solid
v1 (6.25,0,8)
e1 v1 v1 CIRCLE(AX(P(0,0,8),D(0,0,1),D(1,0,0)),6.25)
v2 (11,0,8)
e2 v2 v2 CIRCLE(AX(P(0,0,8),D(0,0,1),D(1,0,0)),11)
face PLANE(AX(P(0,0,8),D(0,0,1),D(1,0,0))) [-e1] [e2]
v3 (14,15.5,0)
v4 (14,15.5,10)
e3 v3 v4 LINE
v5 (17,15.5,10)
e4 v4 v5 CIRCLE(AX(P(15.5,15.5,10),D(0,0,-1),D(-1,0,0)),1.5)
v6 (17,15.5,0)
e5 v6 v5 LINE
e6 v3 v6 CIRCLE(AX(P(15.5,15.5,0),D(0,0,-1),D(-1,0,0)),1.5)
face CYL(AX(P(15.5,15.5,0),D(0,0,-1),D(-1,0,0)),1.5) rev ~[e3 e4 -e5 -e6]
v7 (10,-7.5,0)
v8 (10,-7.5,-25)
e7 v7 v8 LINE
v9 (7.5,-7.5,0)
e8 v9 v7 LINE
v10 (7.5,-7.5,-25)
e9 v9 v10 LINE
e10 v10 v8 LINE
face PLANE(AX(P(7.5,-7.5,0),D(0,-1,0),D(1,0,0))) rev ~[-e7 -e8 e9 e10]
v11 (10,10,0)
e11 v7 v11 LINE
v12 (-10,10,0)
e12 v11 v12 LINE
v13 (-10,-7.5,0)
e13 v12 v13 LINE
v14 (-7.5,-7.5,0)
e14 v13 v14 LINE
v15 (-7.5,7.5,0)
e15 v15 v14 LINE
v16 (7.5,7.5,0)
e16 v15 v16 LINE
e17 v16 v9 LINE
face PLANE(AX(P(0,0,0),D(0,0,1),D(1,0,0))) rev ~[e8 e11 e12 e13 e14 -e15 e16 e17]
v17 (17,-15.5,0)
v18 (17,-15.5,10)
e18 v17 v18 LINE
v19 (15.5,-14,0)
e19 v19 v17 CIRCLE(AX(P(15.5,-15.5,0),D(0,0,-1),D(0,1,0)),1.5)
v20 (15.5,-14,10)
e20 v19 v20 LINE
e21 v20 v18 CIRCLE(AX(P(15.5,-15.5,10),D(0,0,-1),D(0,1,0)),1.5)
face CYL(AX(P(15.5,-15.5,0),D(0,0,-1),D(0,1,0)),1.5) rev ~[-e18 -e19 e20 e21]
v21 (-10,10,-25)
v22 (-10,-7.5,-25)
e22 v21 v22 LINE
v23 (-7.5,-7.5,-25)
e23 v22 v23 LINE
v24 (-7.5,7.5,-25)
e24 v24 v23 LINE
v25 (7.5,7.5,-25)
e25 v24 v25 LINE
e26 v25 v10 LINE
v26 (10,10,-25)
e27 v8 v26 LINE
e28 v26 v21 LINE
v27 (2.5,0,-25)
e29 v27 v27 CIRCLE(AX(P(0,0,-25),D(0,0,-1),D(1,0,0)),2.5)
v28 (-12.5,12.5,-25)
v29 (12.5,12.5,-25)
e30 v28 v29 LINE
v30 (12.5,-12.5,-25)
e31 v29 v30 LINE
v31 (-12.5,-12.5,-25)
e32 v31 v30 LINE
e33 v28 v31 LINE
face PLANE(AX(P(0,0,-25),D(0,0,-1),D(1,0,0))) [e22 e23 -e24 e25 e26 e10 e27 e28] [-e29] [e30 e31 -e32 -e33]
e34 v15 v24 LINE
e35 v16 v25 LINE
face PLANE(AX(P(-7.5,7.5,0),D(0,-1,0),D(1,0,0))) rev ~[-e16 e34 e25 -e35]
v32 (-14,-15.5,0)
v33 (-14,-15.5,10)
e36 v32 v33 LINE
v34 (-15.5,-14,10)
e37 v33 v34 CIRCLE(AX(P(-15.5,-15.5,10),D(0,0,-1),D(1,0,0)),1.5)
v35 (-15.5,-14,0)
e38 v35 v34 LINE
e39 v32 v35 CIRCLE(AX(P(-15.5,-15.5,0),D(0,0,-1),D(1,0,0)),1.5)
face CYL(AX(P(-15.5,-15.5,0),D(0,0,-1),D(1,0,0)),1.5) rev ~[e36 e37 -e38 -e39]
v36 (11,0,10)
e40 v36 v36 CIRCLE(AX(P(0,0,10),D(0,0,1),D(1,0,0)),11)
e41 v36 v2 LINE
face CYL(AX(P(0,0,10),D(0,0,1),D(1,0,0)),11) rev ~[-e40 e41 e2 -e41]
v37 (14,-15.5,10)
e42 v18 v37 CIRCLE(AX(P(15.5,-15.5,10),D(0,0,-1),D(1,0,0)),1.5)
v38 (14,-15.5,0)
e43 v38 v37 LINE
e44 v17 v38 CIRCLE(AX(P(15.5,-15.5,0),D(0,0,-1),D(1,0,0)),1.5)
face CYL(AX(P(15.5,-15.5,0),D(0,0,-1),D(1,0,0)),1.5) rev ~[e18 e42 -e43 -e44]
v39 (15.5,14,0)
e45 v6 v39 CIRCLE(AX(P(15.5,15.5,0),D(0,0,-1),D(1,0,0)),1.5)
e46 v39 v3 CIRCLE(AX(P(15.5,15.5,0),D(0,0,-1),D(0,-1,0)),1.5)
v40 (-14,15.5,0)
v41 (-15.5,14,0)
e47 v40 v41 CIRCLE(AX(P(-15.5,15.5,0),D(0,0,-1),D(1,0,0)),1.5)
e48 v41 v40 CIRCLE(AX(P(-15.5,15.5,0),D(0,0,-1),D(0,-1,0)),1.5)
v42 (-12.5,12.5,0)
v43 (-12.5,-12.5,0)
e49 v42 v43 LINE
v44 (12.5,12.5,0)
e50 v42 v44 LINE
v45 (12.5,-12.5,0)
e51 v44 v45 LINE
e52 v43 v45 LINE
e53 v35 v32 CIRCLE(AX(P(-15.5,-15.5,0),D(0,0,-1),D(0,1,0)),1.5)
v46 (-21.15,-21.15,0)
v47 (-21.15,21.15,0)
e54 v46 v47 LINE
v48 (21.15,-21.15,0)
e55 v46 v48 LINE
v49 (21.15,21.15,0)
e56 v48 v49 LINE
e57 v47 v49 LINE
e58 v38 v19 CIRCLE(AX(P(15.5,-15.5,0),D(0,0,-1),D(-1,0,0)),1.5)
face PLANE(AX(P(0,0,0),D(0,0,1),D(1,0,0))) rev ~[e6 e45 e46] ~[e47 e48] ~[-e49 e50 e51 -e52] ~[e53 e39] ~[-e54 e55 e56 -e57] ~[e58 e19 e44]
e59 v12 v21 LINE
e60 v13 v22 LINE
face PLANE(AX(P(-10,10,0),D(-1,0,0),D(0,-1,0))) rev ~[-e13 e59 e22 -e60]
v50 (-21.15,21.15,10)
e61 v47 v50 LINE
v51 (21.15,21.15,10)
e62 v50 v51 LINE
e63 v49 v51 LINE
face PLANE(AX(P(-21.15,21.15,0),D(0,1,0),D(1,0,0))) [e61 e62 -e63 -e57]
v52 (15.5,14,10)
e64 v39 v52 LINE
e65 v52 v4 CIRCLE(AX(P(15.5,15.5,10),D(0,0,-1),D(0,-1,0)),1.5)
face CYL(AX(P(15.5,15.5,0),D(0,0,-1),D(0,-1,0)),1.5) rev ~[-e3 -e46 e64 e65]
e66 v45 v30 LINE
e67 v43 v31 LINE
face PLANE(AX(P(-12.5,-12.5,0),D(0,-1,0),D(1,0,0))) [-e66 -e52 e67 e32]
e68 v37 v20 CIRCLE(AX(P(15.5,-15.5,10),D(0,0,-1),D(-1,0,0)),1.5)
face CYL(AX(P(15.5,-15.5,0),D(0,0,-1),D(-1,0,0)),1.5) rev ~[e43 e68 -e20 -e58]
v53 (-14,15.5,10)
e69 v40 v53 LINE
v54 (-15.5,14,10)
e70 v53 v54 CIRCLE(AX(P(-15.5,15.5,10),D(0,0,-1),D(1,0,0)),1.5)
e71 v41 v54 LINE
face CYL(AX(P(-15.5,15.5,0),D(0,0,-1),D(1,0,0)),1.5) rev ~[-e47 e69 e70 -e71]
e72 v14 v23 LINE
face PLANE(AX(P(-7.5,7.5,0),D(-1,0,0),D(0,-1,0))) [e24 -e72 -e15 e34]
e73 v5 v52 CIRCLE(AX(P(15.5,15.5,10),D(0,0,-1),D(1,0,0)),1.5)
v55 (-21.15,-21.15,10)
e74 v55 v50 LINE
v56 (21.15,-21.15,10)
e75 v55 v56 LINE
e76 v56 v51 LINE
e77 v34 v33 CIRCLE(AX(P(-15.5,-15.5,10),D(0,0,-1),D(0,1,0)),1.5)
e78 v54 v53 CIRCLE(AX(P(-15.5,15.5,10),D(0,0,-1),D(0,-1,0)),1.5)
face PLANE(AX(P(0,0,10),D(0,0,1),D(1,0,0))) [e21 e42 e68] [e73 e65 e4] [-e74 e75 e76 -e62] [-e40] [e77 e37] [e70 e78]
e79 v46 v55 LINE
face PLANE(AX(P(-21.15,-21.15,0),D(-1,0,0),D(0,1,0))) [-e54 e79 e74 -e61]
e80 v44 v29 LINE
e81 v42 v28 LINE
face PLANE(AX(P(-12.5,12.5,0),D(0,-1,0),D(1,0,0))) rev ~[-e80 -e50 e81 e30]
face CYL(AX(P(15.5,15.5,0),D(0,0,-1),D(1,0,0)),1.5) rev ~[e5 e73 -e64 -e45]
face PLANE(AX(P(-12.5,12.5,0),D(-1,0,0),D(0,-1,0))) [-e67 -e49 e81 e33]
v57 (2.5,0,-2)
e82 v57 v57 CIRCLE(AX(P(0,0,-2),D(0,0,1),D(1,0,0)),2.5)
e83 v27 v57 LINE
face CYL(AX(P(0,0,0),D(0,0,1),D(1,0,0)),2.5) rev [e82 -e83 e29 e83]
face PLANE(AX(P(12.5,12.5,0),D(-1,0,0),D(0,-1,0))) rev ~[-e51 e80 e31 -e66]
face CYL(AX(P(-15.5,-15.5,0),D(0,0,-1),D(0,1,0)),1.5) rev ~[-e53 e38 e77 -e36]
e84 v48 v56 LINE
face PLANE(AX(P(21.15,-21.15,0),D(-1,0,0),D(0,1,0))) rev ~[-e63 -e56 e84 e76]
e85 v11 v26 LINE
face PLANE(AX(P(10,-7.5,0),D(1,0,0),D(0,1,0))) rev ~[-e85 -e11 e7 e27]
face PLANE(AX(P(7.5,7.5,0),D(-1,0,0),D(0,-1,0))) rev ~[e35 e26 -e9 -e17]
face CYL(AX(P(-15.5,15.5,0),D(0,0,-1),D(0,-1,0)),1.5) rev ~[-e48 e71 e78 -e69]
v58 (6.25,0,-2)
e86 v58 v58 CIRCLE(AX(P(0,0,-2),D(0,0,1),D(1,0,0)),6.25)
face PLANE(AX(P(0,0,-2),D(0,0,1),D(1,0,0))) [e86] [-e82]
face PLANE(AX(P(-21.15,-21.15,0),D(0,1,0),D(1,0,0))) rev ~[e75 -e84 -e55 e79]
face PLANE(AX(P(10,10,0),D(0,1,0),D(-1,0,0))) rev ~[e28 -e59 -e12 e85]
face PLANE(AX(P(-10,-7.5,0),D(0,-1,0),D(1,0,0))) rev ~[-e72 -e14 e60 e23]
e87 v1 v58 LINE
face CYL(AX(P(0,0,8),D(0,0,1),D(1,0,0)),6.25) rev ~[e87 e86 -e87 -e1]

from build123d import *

# Parameters (mm, degrees)
F0_W     = 42.3
F0_H     = 42.3
F0_R     = 7.5
F0_R_2   = 2.5
F1_DEPTH = 10
F2_R     = 11
F3_DEPTH = 2
F4_W     = 25
F4_H     = 25
F4_W_2   = 15
F4_H_2   = 15
F4_R     = 2.5
F5_DEPTH = 25
F6_R     = 6.25
F7_DEPTH = 10


with BuildPart() as f1:
    # F0 (on Top) → F1 (new body)
    with BuildSketch(Plane.XY):
        Rectangle(F0_W, F0_H)
        with BuildLine():
            Line((14, -15.5), (-14, -15.5))
            ThreePointArc((-14, -15.5), (-16.5606601718, -16.5606601718), (-15.5, -14))
            Line((-15.5, -14), (-15.5, 14))
            ThreePointArc((-15.5, 14), (-16.5606601718, 16.5606601718), (-14, 15.5))
            Line((-14, 15.5), (14, 15.5))
            ThreePointArc((14, 15.5), (15.5, 17), (17, 15.5))
            ThreePointArc((17, 15.5), (16.5606601718, 14.4393398282), (15.5, 14))
            Line((15.5, 14), (15.5, -14))
            ThreePointArc((15.5, -14), (16.5606601718, -14.4393398282), (17, -15.5))
            ThreePointArc((17, -15.5), (15.5, -17), (14, -15.5))
        make_face(mode=Mode.SUBTRACT)
        with BuildLine():
            ThreePointArc((-15.5, -14), (-14.4393398282, -14.4393398282), (-14, -15.5))
            Line((-14, -15.5), (14, -15.5))
            ThreePointArc((14, -15.5), (14.4393398282, -14.4393398282), (15.5, -14))
            Line((15.5, -14), (15.5, 14))
            ThreePointArc((15.5, 14), (14.4393398282, 14.4393398282), (14, 15.5))
            Line((14, 15.5), (-14, 15.5))
            ThreePointArc((-14, 15.5), (-14.4393398282, 14.4393398282), (-15.5, 14))
            Line((-15.5, 14), (-15.5, -14))
        make_face()
        Circle(F0_R, mode=Mode.SUBTRACT)
        Circle(F0_R)
        Circle(F0_R_2, mode=Mode.SUBTRACT)
    extrude(amount=F1_DEPTH)

    # F2 (on face) → F3 (cut)
    with BuildSketch(Plane.XY.offset(10)):
        Circle(F2_R)
    extrude(amount=-F3_DEPTH, mode=Mode.SUBTRACT)

    # F4 (on face) → F5 (join)
    with BuildSketch(Plane(origin=(0, 0, 0), x_dir=(1, 0, 0), z_dir=(0, 0, -1))):
        Rectangle(F4_W, F4_H)
        Polygon((-10, 7.5), (-10, 10), (10, 10), (10, 7.5), (10, -10), (-10, -10), align=None, mode=Mode.SUBTRACT)
        Rectangle(F4_W_2, F4_H_2)
        Circle(F4_R, mode=Mode.SUBTRACT)
        Polygon((10, 10), (-10, 10), (-10, 7.5), (-7.5, 7.5), (7.5, 7.5), (10, 7.5), align=None)
    extrude(amount=F5_DEPTH)

    # F6 (on face) → F7 (cut)
    with BuildSketch(Plane.XY.offset(8)):
        Circle(F6_R)
    extrude(amount=-F7_DEPTH, mode=Mode.SUBTRACT)


solid = f1.part
